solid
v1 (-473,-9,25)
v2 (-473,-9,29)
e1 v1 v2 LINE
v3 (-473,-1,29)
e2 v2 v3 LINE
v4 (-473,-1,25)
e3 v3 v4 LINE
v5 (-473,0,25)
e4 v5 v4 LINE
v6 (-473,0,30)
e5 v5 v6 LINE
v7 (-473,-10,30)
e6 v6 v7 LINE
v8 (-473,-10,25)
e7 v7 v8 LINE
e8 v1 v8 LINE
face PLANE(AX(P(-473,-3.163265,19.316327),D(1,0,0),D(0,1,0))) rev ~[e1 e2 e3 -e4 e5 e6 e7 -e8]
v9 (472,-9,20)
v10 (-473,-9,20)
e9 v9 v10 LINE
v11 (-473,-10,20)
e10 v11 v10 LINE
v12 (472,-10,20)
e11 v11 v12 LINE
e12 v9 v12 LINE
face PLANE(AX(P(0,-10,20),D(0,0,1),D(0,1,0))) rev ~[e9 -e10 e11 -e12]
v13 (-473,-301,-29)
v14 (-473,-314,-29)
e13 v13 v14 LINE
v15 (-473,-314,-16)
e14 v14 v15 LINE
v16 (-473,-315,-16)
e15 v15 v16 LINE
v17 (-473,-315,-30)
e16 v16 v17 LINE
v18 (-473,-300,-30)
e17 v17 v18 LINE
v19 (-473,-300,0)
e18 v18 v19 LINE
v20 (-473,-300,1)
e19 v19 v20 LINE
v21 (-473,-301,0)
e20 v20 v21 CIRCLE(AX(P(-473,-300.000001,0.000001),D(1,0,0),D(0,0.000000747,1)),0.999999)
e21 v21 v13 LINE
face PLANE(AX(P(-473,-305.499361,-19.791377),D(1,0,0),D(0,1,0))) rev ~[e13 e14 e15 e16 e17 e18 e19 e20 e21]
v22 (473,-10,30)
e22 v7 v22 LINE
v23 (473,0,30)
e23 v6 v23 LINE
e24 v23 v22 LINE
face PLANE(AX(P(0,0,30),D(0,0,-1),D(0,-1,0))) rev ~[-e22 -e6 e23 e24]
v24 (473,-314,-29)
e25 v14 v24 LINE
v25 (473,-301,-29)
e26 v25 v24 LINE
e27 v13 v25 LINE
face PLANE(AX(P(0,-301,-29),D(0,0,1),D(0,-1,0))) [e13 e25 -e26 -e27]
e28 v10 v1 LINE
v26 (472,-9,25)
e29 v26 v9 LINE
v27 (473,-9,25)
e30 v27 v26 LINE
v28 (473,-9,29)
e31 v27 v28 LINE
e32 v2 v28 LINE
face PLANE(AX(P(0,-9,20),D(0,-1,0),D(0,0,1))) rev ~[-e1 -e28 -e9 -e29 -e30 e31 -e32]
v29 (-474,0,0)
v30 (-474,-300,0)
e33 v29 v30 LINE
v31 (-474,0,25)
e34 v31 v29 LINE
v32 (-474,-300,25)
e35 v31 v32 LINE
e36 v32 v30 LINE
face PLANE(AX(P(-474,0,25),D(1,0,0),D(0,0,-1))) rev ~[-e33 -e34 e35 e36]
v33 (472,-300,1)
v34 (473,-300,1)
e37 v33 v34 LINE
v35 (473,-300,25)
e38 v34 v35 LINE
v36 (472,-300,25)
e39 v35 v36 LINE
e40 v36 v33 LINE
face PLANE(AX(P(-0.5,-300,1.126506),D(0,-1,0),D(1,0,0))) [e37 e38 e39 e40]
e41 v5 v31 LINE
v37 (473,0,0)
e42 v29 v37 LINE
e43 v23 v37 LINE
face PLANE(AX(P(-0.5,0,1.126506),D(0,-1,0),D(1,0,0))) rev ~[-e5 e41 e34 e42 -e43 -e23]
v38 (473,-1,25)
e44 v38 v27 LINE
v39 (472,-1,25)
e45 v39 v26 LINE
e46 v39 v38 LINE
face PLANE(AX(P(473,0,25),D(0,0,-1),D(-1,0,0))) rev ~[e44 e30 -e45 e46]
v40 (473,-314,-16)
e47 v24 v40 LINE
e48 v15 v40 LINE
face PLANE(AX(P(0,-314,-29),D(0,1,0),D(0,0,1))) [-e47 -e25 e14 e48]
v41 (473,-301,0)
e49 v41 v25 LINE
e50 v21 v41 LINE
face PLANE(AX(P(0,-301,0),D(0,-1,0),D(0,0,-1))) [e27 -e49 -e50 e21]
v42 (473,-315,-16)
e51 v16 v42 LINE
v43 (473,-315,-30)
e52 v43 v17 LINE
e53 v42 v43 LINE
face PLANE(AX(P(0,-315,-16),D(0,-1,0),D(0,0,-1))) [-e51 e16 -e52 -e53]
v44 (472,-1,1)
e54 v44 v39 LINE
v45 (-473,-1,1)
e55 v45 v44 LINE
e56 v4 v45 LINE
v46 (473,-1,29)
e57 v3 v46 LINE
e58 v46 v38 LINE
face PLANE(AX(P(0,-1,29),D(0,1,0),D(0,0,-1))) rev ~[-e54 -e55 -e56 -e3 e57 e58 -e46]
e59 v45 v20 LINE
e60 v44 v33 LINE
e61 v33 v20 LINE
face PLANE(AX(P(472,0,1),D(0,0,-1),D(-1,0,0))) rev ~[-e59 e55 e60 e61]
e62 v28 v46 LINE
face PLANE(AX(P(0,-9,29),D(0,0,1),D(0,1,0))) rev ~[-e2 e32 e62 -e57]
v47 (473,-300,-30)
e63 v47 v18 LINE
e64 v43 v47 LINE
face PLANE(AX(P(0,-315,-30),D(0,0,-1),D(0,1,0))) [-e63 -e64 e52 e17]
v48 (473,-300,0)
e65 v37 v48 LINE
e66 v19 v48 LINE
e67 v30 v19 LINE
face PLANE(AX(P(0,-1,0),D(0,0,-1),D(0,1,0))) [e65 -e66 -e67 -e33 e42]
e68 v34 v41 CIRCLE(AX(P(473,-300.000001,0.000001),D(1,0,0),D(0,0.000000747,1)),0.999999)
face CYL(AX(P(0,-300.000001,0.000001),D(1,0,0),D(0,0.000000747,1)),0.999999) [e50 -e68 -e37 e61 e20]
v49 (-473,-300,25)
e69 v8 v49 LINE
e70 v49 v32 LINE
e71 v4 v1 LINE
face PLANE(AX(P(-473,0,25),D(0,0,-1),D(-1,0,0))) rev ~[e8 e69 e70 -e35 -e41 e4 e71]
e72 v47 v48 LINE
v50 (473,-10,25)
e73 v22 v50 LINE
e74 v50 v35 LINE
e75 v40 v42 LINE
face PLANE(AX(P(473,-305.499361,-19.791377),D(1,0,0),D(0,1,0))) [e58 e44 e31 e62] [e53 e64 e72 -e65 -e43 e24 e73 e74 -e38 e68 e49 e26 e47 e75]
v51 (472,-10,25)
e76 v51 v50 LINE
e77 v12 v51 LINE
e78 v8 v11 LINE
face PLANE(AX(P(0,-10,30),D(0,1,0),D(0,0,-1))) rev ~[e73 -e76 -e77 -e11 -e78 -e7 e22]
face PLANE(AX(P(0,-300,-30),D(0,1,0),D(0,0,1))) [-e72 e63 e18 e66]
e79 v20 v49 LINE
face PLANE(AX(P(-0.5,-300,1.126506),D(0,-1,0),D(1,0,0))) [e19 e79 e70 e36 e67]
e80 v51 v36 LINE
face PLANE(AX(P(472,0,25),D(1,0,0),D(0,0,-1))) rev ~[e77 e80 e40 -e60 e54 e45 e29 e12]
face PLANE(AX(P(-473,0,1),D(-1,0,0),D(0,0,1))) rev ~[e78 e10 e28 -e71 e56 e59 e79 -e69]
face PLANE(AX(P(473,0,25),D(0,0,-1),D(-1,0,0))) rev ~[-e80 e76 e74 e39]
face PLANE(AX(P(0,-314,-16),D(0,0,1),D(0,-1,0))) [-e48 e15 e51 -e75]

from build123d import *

# Parameters (mm, degrees)
F1_DEPTH      = 300
F3_DEPTH      = 473
F3_DEPTH_BACK = 473
F5_DEPTH      = 473
F5_DEPTH_BACK = 473


with BuildPart() as f1:
    # F0 (on Front) → F1 (new body)
    with BuildSketch(Plane.XZ):
        Polygon((-474, 25), (-474, 0), (473, 0), (473, 25), (472, 25), (472, 1), (-473, 1), (-473, 25), align=None)
    extrude(amount=F1_DEPTH)

    # F2 (on Right) → F3 (join, two sides)
    with BuildSketch(Plane.YZ) as f3_sk:
        with BuildLine():
            Line((-300, -30), (-300, 0))
            Line((-300, 0), (-300, 1))
            ThreePointArc((-300, 1), (-300.707107, 0.707107), (-301, 0))
            Line((-301, 0), (-301, -29))
            Line((-301, -29), (-314, -29))
            Line((-314, -29), (-314, -16))
            Line((-314, -16), (-315, -16))
            Line((-315, -16), (-315, -30))
            Line((-315, -30), (-300, -30))
        make_face()
    extrude(amount=F3_DEPTH)
    extrude(f3_sk.sketch, amount=-F3_DEPTH_BACK)

    # F4 (on Right) → F5 (join, two sides)
    with BuildSketch(Plane.YZ) as f5_sk:
        Polygon((-1, 0), (0, 0), (0, 30), (-10, 30), (-10, 20), (-9, 20), (-9, 29), (-1, 29), align=None)
    extrude(amount=F5_DEPTH)
    extrude(f5_sk.sketch, amount=-F5_DEPTH_BACK)


solid = f1.part
